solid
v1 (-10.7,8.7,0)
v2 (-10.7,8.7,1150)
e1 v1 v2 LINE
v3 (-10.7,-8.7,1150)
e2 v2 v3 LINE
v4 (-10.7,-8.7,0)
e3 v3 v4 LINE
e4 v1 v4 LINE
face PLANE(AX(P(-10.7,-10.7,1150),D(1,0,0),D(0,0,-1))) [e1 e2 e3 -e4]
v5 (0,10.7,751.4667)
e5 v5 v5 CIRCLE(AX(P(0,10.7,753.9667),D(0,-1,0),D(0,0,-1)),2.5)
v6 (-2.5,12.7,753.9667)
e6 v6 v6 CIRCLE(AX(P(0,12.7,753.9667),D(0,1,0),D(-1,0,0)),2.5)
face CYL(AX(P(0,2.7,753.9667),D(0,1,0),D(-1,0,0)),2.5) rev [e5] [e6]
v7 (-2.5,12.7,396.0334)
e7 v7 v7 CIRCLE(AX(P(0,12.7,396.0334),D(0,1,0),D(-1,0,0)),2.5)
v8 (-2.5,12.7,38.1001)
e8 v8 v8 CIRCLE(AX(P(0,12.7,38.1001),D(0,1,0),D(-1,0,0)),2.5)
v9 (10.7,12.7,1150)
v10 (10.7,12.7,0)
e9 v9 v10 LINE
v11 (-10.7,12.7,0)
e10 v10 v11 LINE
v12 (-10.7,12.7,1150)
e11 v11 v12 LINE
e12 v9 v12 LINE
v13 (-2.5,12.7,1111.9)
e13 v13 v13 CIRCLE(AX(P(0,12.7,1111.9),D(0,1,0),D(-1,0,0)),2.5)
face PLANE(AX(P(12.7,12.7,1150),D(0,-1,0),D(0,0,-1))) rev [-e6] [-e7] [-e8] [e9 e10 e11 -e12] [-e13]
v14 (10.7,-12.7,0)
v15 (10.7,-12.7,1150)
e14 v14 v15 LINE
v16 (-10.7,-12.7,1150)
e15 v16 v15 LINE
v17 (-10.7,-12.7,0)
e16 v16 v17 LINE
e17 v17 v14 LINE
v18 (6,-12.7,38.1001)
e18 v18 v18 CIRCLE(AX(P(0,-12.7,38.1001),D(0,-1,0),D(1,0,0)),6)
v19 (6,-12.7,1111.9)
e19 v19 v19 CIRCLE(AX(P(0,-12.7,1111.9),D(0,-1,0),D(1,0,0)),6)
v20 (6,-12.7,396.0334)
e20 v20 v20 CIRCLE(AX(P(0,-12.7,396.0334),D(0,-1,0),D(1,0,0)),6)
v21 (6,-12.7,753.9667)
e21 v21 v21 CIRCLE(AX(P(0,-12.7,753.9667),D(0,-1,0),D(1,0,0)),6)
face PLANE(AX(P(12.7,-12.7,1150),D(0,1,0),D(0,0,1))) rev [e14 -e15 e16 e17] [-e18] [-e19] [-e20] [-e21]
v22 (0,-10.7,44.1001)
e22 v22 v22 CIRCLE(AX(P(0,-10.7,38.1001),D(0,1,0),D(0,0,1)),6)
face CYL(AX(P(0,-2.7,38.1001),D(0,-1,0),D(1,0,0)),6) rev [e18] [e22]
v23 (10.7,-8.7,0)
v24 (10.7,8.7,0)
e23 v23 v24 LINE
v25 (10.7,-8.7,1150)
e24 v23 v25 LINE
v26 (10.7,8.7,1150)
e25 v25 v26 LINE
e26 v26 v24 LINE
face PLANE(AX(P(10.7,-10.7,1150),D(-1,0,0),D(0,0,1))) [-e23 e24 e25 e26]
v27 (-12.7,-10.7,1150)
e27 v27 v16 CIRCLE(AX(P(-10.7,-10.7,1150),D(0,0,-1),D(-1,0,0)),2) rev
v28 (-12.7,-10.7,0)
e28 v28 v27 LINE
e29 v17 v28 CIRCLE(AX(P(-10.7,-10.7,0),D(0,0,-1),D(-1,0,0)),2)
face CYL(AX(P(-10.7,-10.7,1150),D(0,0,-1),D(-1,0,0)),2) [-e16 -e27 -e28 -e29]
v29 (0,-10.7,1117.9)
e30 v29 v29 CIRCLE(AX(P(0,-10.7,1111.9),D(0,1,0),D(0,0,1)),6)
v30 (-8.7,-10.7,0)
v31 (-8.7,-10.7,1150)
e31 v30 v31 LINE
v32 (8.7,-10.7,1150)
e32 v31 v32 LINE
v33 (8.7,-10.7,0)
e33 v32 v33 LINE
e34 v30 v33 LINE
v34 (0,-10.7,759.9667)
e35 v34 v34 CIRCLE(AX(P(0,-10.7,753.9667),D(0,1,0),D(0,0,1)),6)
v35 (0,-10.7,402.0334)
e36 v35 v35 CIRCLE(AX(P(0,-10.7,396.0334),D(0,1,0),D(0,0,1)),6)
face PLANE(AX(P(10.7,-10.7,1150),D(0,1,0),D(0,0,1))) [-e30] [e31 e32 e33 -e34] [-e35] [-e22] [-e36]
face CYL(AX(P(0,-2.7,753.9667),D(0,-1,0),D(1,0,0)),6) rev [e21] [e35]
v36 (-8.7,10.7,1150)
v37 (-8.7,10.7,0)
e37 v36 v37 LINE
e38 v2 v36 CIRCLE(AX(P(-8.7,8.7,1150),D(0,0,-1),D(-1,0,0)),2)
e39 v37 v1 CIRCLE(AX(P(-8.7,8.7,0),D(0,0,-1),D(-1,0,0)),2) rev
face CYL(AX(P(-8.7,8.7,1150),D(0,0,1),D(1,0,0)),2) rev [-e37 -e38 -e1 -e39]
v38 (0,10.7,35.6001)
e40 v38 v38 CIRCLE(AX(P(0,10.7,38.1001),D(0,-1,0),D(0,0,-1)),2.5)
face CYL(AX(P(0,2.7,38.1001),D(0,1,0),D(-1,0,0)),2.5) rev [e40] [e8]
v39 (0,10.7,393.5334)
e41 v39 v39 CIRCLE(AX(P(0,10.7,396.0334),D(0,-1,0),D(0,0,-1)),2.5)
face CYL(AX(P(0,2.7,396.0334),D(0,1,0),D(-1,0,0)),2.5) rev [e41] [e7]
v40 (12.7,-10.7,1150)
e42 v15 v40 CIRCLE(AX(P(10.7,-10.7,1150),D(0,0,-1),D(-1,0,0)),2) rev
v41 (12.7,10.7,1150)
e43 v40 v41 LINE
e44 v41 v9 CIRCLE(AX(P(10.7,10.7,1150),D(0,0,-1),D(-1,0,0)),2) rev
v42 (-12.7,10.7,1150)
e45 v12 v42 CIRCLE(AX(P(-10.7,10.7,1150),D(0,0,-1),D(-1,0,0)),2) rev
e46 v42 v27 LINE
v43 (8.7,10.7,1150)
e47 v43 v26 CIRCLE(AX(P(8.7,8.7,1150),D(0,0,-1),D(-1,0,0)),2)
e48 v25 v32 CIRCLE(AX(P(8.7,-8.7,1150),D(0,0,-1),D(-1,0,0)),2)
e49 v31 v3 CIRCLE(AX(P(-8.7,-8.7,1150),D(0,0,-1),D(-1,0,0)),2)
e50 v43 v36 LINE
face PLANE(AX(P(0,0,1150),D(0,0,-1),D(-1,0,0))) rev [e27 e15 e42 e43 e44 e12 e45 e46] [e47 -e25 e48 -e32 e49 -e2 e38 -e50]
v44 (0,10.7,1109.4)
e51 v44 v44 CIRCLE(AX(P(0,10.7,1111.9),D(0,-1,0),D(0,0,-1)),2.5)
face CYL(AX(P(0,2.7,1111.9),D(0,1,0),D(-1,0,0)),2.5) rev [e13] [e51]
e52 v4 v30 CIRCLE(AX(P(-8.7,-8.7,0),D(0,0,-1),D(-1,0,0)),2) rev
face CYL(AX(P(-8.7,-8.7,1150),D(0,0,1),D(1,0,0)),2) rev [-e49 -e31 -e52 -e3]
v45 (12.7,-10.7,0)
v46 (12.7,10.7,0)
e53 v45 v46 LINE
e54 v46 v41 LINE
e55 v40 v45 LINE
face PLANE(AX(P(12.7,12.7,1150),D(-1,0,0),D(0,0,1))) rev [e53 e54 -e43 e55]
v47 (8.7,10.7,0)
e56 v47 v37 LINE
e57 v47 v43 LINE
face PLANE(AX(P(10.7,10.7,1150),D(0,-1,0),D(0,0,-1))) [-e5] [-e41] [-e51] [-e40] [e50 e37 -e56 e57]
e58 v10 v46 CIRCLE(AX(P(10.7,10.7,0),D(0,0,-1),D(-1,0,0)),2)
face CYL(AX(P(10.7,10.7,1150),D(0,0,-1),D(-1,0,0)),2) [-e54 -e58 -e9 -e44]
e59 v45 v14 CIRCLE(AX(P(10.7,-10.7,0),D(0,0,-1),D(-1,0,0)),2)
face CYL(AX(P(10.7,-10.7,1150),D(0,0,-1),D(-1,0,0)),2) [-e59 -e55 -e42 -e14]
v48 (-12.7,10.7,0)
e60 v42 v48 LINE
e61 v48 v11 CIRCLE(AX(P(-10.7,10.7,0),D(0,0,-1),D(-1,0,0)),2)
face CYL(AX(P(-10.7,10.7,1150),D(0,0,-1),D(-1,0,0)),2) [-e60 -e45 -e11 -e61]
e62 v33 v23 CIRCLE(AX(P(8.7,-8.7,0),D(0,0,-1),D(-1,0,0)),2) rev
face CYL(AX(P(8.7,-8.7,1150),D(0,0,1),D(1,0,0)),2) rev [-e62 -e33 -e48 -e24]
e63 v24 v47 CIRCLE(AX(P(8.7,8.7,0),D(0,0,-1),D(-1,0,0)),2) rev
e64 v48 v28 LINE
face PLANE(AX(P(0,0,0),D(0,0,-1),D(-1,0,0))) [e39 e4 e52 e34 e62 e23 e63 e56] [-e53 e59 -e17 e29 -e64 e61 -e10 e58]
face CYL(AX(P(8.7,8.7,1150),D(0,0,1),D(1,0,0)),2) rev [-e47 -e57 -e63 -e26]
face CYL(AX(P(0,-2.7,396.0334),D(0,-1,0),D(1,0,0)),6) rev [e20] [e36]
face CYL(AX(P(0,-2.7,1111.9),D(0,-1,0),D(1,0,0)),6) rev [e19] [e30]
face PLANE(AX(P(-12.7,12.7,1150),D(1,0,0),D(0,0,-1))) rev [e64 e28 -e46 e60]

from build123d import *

# Parameters (mm, degrees)
CROQUIS1_W              = 25.4
CROQUIS1_H              = 25.4
CROQUIS1_W_2            = 21.4
CROQUIS1_H_2            = 21.4
SALIENTE_EXTRUIR1_DEPTH = 1150
REDONDEO1_R             = 2
CROQUIS2_R              = 2.5
CORTAR_EXTRUIR1_DEPTH   = 10
MATRIZL1_COUNT          = 4
MATRIZL1_PITCH          = 357.9333
CROQUIS3_R              = 6
CORTAR_EXTRUIR2_DEPTH   = 10
MATRIZL2_COUNT          = 4
MATRIZL2_PITCH          = 357.9333


with BuildPart() as part:
    # Croquis1 → Saliente-Extruir1 (new body)
    with BuildSketch(Plane.XY):
        Rectangle(CROQUIS1_W, CROQUIS1_H)
        Rectangle(CROQUIS1_W_2, CROQUIS1_H_2, mode=Mode.SUBTRACT)
    extrude(amount=SALIENTE_EXTRUIR1_DEPTH)

    # Redondeo1
    redondeo1_edges = [part.edges().sort_by_distance(p)[0] for p in [
        (-10.7, 10.7, 575),
        (-10.7, -10.7, 575),
        (10.7, -10.7, 575),
        (10.7, 10.7, 575),
        (-12.7, 12.7, 575),
        (12.7, 12.7, 575),
        (12.7, -12.7, 575),
        (-12.7, -12.7, 575),
    ]]
    fillet(redondeo1_edges, radius=REDONDEO1_R)

    # Croquis2 → Cortar-Extruir1 (cut)
    with BuildSketch(Plane(origin=(0, 12.7, 0), x_dir=(1, 0, 0), z_dir=(0, 1, 0))):
        with Locations(Location((0, -1111.9, 0), (0, 0, 180))):
            Circle(CROQUIS2_R)
    cortar_extruir1 = extrude(amount=-CORTAR_EXTRUIR1_DEPTH, mode=Mode.SUBTRACT)

    # MatrizL1: Cortar-Extruir1 ×4
    with Locations(*[(0, 0, -i * MATRIZL1_PITCH) for i in range(1, MATRIZL1_COUNT)]):
        add(cortar_extruir1, mode=Mode.SUBTRACT)

    # Croquis3 → Cortar-Extruir2 (cut)
    with BuildSketch(Plane.XZ.offset(12.7)):
        with Locations((0, 1111.9)):
            Circle(CROQUIS3_R)
    cortar_extruir2 = extrude(amount=-CORTAR_EXTRUIR2_DEPTH, mode=Mode.SUBTRACT)

    # MatrizL2: Cortar-Extruir2 ×4
    with Locations(*[(0, 0, -i * MATRIZL2_PITCH) for i in range(1, MATRIZL2_COUNT)]):
        add(cortar_extruir2, mode=Mode.SUBTRACT)


solid = part.part
